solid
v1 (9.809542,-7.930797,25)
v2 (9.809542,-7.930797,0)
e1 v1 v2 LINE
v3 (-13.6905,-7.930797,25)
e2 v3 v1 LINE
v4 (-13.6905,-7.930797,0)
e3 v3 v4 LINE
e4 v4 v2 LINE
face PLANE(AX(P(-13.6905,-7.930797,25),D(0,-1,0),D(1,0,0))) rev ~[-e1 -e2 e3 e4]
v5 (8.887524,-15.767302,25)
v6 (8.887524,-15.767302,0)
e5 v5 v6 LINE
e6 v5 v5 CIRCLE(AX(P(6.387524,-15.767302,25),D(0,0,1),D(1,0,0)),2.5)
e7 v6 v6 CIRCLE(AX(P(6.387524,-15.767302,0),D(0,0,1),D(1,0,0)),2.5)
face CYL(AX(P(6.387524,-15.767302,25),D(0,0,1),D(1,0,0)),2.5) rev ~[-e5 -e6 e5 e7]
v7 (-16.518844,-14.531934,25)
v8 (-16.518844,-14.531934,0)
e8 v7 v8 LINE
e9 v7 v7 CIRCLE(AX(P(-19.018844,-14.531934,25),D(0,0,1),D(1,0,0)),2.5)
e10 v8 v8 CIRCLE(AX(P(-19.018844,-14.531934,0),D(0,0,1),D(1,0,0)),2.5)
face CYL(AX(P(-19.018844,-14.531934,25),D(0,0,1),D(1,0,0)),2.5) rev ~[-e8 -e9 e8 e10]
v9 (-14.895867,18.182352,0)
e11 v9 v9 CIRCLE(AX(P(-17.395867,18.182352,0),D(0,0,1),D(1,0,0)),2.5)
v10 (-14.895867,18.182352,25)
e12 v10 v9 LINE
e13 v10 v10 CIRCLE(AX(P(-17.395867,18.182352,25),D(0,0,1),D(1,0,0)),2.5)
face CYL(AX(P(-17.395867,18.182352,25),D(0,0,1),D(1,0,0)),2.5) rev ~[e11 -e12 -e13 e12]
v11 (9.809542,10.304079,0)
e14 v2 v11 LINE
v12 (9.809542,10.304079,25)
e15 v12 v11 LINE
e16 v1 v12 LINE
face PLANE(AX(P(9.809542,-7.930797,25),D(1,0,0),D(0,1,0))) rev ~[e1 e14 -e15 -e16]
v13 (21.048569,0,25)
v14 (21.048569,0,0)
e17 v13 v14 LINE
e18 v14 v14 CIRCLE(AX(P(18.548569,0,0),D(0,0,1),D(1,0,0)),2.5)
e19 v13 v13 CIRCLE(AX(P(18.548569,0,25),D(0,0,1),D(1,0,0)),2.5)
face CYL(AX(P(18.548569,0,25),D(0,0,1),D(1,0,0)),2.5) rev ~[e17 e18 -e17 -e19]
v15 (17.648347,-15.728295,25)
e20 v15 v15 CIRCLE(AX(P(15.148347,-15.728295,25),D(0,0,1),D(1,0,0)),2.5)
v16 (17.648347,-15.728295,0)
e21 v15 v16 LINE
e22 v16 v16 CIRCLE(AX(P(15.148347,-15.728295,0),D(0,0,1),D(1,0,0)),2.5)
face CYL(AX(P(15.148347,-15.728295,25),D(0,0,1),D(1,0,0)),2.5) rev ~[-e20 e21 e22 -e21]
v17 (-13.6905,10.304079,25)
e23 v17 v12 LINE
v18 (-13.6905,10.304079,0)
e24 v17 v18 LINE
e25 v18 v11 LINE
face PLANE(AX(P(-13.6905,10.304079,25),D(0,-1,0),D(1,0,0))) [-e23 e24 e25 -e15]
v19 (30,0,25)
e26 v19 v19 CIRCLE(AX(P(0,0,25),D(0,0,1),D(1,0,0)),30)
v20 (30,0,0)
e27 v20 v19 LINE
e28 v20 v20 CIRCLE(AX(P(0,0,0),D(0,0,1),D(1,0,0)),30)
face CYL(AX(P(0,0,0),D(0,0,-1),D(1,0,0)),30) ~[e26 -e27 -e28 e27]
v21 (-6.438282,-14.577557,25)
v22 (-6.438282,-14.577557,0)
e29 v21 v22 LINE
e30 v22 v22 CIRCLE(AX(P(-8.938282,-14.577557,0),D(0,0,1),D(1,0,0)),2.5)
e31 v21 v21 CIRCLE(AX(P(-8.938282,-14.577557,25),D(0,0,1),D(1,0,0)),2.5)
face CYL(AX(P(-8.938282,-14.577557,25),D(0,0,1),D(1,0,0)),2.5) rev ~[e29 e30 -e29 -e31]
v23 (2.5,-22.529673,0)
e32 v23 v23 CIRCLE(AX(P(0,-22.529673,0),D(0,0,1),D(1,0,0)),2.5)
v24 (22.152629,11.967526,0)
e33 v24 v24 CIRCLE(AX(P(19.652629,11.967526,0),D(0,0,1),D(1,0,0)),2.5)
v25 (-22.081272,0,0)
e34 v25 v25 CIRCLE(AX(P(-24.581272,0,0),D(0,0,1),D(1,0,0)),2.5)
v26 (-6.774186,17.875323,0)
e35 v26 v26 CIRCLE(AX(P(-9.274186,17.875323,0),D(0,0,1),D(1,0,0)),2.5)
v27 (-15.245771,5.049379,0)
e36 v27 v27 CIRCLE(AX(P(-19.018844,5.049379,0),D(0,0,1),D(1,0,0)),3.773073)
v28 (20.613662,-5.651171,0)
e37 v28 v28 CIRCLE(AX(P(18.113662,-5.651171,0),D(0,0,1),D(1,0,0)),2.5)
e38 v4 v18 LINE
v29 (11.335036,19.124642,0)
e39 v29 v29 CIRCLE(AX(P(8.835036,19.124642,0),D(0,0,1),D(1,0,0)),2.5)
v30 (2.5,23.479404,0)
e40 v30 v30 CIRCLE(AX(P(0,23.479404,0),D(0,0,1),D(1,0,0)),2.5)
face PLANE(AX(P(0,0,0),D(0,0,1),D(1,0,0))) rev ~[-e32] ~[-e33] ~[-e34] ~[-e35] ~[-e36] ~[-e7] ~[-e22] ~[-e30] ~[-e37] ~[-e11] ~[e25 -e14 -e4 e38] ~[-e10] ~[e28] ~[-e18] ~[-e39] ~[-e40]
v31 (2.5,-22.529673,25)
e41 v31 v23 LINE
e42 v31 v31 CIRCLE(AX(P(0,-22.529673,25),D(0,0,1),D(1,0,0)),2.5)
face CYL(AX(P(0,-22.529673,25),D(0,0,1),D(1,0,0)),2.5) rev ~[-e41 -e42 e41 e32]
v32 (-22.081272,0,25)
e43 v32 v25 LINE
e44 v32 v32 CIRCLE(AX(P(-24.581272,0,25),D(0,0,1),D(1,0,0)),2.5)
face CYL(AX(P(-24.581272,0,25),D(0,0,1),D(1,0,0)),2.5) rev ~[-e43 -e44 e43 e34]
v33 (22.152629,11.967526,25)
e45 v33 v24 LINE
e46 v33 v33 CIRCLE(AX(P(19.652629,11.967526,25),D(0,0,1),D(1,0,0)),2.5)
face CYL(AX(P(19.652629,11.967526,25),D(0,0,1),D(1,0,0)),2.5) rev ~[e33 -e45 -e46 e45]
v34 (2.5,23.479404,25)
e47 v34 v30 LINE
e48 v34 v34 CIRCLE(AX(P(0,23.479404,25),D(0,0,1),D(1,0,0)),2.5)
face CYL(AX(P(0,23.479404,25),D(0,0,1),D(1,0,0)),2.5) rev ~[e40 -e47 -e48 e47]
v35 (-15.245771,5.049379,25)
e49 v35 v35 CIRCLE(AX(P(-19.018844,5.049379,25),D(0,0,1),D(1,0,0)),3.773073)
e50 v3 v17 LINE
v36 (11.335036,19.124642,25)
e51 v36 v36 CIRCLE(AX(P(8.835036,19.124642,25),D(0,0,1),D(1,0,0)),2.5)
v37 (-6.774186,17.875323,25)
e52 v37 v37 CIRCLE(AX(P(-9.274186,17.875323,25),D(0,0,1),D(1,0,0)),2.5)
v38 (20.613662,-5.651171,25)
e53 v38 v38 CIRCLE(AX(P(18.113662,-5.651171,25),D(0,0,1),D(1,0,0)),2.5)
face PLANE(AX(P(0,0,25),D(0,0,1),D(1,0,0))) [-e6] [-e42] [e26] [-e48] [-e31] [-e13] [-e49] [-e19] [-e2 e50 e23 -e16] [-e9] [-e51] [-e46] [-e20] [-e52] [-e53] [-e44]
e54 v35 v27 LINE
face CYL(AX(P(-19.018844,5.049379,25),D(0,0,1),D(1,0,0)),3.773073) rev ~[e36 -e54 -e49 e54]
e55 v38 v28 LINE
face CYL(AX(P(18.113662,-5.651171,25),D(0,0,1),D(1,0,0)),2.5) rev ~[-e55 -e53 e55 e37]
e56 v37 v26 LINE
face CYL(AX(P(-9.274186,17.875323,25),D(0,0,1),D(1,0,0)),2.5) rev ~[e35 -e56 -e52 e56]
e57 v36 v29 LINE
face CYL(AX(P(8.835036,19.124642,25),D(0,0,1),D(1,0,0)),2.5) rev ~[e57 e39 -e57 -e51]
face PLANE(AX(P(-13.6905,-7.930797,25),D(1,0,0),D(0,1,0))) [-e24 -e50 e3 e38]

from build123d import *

# Parameters (mm, degrees)
F0_R      = 30
F1_DEPTH  = 25
F2_W      = 23.500042
F2_H      = 18.234876
F3_DEPTH  = 15
F4_DEPTH  = 25
F5_R      = 2.5
F5_R_2    = 3.773073
F6_DEPTH  = 25
F7_R      = 2.5
F8_DEPTH  = 25
F9_R      = 2.5
F10_DEPTH = 25
F11_R     = 2.5
F12_DEPTH = 25


with BuildPart() as f1:
    # F0 (on Top) → F1 (new body)
    with BuildSketch(Plane.XY):
        Circle(F0_R)
    extrude(amount=F1_DEPTH)

    # F2 (on face) → F3 (join)
    with BuildSketch(Plane.XY.offset(25)):
        with Locations((-1.940479, 1.186641)):
            Rectangle(F2_W, F2_H)
    extrude(amount=-F3_DEPTH)

    # F2 (on face) → F4 (cut)
    with BuildSketch(Plane.XY.offset(25)):
        with Locations((-1.940479, 1.186641)):
            Rectangle(F2_W, F2_H)
    extrude(amount=-F4_DEPTH, mode=Mode.SUBTRACT)

    # F5 (on face) → F6 (cut)
    with BuildSketch(Plane.XY.offset(25)):
        with Locations((0, -22.529673)):
            Circle(F5_R)
        with Locations((18.548569, 0)):
            Circle(F5_R)
        with Locations((8.835036, 19.124642)):
            Circle(F5_R)
        with Locations((-19.018844, -14.531934)):
            Circle(F5_R)
        with Locations((-19.018844, 5.049379)):
            Circle(F5_R_2)
    extrude(amount=-F6_DEPTH, mode=Mode.SUBTRACT)

    # F7 (on face) → F8 (cut)
    with BuildSketch(Plane.XY.offset(25)):
        with Locations((-9.274186, 17.875323)):
            Circle(F7_R)
        with Locations((0, 23.479404)):
            Circle(F7_R)
        with Locations((15.148347, -15.728295)):
            Circle(F7_R)
    extrude(amount=-F8_DEPTH, mode=Mode.SUBTRACT)

    # F9 (on face) → F10 (cut)
    with BuildSketch(Plane.XY.offset(25)):
        with Locations((-8.938282, -14.577557)):
            Circle(F9_R)
        with Locations((19.652629, 11.967526)):
            Circle(F9_R)
        with Locations((6.387524, -15.767302)):
            Circle(F9_R)
        with Locations((-24.581272, 0)):
            Circle(F9_R)
        with Locations((-17.395867, 18.182352)):
            Circle(F9_R)
    extrude(amount=-F10_DEPTH, mode=Mode.SUBTRACT)

    # F11 (on face) → F12 (cut)
    with BuildSketch(Plane.XY.offset(25)):
        with Locations((18.113662, -5.651171)):
            Circle(F11_R)
    extrude(amount=-F12_DEPTH, mode=Mode.SUBTRACT)


solid = f1.part
